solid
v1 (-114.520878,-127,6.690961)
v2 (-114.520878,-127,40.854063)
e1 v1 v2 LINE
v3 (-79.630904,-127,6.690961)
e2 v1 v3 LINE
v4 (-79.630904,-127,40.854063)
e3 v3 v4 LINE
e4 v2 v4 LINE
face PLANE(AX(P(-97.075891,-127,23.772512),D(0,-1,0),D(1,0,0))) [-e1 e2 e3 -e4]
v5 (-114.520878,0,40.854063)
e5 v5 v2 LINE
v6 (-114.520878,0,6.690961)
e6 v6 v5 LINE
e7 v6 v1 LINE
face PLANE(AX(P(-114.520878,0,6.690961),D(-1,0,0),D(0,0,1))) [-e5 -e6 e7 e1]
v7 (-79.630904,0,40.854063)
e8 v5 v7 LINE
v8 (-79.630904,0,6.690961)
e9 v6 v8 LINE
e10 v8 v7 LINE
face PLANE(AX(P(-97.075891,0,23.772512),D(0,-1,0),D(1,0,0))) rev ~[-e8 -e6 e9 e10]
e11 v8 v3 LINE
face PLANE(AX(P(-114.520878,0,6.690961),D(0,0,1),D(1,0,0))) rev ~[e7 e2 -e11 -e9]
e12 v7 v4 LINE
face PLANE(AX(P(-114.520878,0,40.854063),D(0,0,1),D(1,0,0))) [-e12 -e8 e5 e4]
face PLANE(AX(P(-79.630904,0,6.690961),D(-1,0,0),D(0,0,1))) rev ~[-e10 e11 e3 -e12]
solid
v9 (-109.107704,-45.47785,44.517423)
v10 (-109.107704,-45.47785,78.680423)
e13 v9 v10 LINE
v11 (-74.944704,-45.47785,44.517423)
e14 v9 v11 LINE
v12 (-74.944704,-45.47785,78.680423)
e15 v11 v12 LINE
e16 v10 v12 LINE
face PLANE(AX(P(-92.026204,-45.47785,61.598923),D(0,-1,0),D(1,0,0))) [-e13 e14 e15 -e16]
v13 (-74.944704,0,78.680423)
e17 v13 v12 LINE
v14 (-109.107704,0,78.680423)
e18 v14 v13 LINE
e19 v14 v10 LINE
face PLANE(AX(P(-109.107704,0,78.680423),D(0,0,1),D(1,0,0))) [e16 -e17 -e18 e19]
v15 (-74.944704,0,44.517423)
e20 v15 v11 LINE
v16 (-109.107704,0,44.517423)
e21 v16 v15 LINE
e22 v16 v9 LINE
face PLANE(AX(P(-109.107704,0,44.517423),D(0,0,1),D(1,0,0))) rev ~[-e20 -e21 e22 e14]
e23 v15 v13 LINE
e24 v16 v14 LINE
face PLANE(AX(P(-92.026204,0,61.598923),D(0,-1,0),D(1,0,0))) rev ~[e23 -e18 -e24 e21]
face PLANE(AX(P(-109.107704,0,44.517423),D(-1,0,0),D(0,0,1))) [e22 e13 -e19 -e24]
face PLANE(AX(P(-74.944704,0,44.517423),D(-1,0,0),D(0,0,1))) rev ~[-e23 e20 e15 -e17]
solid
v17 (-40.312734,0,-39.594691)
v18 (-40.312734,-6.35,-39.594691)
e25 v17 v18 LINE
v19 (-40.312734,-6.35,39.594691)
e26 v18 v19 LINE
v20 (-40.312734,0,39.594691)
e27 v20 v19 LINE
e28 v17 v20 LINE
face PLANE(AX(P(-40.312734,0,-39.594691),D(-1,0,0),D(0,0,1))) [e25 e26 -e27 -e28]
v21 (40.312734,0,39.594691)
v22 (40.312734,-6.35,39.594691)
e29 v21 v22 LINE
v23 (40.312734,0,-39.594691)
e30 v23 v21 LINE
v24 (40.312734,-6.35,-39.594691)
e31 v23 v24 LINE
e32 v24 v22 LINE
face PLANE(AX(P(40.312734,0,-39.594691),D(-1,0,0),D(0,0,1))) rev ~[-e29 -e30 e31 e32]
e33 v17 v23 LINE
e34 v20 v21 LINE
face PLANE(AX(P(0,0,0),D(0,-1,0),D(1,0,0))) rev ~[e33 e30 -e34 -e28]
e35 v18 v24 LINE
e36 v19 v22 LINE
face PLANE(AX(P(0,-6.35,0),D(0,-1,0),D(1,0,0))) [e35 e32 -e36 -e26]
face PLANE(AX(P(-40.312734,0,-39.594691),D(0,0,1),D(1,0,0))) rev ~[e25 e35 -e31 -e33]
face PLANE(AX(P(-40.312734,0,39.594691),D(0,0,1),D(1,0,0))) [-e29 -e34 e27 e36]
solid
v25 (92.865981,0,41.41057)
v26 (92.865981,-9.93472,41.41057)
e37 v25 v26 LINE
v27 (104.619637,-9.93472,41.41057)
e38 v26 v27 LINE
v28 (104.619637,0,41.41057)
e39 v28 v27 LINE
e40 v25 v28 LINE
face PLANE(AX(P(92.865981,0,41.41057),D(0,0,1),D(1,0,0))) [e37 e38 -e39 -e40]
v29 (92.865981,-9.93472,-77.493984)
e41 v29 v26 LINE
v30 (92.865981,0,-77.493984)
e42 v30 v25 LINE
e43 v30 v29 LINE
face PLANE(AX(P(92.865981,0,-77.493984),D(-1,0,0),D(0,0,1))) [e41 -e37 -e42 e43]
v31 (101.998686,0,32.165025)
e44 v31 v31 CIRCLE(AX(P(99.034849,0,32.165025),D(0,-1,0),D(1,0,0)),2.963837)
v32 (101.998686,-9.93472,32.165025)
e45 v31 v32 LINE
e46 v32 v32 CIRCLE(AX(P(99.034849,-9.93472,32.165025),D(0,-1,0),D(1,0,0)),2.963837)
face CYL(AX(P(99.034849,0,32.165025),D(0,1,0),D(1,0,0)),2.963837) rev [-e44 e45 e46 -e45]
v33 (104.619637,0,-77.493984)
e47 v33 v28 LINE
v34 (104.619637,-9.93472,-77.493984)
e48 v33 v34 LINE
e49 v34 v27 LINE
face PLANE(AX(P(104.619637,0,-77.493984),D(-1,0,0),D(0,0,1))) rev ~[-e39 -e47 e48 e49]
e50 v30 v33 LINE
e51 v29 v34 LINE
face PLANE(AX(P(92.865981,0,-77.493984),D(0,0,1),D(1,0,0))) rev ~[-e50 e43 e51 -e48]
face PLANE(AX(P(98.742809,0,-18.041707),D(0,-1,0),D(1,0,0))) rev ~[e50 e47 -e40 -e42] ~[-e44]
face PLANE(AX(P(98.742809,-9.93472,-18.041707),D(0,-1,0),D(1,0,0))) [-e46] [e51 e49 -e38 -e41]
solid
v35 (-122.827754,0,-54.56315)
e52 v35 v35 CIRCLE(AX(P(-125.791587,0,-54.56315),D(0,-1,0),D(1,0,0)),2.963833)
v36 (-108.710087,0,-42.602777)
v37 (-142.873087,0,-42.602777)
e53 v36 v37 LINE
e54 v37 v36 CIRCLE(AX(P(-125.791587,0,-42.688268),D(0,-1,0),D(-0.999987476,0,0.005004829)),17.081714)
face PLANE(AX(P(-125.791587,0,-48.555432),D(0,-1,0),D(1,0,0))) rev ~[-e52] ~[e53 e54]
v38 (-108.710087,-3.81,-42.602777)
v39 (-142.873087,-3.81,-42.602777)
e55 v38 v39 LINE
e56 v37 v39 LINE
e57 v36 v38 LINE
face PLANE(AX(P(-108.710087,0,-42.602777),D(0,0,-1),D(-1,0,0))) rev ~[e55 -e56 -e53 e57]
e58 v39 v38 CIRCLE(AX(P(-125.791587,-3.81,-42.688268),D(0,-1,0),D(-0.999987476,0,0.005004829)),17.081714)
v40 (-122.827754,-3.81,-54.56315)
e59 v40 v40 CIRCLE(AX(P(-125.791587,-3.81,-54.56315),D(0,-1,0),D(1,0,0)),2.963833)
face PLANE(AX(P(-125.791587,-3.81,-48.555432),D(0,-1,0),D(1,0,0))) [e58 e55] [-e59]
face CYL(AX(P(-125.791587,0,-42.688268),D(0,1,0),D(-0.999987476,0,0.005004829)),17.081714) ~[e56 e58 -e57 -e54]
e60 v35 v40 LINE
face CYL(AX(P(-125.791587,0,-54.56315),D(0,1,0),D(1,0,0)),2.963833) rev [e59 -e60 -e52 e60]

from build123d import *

# Parameters (mm, degrees)
F0_W     = 80.625468
F0_H     = 79.189382
F1_DEPTH = 6.35
F2_W     = 34.889974
F2_H     = 34.163102
F3_DEPTH = 127
F4_R     = 2.963833
F5_DEPTH = 3.81
F6_W     = 34.163
F6_H     = 34.163
F7_DEPTH = 45.47785
F8_W     = 11.753656
F8_H     = 118.904555
F8_R     = 2.963837
F9_DEPTH = 9.93472


with BuildPart() as f1:
    # F0 (on Front) → F1 (new body)
    with BuildSketch(Plane.XZ):
        Rectangle(F0_W, F0_H)
    extrude(amount=F1_DEPTH)


with BuildPart() as f3:
    # F2 (on Front) → F3 (new body)
    with BuildSketch(Plane.XZ):
        with Locations((-97.075891, 23.772512)):
            Rectangle(F2_W, F2_H)
    extrude(amount=F3_DEPTH)


with BuildPart() as f5:
    # F4 (on Front) → F5 (new body)
    with BuildSketch(Plane.XZ):
        with BuildLine():
            Line((-108.710087, -42.602777), (-142.873087, -42.602777))
            ThreePointArc((-142.873087, -42.602777), (-125.791587, -59.769982), (-108.710087, -42.602777))
        make_face()
        with Locations((-125.791587, -54.56315)):
            Circle(F4_R, mode=Mode.SUBTRACT)
    extrude(amount=F5_DEPTH)


with BuildPart() as f7:
    # F6 (on Front) → F7 (new body)
    with BuildSketch(Plane.XZ):
        with Locations((-92.026204, 61.598923)):
            Rectangle(F6_W, F6_H)
    extrude(amount=F7_DEPTH)


with BuildPart() as f9:
    # F8 (on Front) → F9 (new body)
    with BuildSketch(Plane.XZ):
        with Locations((98.742809, -18.041707)):
            Rectangle(F8_W, F8_H)
        with Locations((99.034849, 32.165025)):
            Circle(F8_R, mode=Mode.SUBTRACT)
    extrude(amount=F9_DEPTH)


solid = Compound([f1.part, f3.part, f5.part, f7.part, f9.part])
